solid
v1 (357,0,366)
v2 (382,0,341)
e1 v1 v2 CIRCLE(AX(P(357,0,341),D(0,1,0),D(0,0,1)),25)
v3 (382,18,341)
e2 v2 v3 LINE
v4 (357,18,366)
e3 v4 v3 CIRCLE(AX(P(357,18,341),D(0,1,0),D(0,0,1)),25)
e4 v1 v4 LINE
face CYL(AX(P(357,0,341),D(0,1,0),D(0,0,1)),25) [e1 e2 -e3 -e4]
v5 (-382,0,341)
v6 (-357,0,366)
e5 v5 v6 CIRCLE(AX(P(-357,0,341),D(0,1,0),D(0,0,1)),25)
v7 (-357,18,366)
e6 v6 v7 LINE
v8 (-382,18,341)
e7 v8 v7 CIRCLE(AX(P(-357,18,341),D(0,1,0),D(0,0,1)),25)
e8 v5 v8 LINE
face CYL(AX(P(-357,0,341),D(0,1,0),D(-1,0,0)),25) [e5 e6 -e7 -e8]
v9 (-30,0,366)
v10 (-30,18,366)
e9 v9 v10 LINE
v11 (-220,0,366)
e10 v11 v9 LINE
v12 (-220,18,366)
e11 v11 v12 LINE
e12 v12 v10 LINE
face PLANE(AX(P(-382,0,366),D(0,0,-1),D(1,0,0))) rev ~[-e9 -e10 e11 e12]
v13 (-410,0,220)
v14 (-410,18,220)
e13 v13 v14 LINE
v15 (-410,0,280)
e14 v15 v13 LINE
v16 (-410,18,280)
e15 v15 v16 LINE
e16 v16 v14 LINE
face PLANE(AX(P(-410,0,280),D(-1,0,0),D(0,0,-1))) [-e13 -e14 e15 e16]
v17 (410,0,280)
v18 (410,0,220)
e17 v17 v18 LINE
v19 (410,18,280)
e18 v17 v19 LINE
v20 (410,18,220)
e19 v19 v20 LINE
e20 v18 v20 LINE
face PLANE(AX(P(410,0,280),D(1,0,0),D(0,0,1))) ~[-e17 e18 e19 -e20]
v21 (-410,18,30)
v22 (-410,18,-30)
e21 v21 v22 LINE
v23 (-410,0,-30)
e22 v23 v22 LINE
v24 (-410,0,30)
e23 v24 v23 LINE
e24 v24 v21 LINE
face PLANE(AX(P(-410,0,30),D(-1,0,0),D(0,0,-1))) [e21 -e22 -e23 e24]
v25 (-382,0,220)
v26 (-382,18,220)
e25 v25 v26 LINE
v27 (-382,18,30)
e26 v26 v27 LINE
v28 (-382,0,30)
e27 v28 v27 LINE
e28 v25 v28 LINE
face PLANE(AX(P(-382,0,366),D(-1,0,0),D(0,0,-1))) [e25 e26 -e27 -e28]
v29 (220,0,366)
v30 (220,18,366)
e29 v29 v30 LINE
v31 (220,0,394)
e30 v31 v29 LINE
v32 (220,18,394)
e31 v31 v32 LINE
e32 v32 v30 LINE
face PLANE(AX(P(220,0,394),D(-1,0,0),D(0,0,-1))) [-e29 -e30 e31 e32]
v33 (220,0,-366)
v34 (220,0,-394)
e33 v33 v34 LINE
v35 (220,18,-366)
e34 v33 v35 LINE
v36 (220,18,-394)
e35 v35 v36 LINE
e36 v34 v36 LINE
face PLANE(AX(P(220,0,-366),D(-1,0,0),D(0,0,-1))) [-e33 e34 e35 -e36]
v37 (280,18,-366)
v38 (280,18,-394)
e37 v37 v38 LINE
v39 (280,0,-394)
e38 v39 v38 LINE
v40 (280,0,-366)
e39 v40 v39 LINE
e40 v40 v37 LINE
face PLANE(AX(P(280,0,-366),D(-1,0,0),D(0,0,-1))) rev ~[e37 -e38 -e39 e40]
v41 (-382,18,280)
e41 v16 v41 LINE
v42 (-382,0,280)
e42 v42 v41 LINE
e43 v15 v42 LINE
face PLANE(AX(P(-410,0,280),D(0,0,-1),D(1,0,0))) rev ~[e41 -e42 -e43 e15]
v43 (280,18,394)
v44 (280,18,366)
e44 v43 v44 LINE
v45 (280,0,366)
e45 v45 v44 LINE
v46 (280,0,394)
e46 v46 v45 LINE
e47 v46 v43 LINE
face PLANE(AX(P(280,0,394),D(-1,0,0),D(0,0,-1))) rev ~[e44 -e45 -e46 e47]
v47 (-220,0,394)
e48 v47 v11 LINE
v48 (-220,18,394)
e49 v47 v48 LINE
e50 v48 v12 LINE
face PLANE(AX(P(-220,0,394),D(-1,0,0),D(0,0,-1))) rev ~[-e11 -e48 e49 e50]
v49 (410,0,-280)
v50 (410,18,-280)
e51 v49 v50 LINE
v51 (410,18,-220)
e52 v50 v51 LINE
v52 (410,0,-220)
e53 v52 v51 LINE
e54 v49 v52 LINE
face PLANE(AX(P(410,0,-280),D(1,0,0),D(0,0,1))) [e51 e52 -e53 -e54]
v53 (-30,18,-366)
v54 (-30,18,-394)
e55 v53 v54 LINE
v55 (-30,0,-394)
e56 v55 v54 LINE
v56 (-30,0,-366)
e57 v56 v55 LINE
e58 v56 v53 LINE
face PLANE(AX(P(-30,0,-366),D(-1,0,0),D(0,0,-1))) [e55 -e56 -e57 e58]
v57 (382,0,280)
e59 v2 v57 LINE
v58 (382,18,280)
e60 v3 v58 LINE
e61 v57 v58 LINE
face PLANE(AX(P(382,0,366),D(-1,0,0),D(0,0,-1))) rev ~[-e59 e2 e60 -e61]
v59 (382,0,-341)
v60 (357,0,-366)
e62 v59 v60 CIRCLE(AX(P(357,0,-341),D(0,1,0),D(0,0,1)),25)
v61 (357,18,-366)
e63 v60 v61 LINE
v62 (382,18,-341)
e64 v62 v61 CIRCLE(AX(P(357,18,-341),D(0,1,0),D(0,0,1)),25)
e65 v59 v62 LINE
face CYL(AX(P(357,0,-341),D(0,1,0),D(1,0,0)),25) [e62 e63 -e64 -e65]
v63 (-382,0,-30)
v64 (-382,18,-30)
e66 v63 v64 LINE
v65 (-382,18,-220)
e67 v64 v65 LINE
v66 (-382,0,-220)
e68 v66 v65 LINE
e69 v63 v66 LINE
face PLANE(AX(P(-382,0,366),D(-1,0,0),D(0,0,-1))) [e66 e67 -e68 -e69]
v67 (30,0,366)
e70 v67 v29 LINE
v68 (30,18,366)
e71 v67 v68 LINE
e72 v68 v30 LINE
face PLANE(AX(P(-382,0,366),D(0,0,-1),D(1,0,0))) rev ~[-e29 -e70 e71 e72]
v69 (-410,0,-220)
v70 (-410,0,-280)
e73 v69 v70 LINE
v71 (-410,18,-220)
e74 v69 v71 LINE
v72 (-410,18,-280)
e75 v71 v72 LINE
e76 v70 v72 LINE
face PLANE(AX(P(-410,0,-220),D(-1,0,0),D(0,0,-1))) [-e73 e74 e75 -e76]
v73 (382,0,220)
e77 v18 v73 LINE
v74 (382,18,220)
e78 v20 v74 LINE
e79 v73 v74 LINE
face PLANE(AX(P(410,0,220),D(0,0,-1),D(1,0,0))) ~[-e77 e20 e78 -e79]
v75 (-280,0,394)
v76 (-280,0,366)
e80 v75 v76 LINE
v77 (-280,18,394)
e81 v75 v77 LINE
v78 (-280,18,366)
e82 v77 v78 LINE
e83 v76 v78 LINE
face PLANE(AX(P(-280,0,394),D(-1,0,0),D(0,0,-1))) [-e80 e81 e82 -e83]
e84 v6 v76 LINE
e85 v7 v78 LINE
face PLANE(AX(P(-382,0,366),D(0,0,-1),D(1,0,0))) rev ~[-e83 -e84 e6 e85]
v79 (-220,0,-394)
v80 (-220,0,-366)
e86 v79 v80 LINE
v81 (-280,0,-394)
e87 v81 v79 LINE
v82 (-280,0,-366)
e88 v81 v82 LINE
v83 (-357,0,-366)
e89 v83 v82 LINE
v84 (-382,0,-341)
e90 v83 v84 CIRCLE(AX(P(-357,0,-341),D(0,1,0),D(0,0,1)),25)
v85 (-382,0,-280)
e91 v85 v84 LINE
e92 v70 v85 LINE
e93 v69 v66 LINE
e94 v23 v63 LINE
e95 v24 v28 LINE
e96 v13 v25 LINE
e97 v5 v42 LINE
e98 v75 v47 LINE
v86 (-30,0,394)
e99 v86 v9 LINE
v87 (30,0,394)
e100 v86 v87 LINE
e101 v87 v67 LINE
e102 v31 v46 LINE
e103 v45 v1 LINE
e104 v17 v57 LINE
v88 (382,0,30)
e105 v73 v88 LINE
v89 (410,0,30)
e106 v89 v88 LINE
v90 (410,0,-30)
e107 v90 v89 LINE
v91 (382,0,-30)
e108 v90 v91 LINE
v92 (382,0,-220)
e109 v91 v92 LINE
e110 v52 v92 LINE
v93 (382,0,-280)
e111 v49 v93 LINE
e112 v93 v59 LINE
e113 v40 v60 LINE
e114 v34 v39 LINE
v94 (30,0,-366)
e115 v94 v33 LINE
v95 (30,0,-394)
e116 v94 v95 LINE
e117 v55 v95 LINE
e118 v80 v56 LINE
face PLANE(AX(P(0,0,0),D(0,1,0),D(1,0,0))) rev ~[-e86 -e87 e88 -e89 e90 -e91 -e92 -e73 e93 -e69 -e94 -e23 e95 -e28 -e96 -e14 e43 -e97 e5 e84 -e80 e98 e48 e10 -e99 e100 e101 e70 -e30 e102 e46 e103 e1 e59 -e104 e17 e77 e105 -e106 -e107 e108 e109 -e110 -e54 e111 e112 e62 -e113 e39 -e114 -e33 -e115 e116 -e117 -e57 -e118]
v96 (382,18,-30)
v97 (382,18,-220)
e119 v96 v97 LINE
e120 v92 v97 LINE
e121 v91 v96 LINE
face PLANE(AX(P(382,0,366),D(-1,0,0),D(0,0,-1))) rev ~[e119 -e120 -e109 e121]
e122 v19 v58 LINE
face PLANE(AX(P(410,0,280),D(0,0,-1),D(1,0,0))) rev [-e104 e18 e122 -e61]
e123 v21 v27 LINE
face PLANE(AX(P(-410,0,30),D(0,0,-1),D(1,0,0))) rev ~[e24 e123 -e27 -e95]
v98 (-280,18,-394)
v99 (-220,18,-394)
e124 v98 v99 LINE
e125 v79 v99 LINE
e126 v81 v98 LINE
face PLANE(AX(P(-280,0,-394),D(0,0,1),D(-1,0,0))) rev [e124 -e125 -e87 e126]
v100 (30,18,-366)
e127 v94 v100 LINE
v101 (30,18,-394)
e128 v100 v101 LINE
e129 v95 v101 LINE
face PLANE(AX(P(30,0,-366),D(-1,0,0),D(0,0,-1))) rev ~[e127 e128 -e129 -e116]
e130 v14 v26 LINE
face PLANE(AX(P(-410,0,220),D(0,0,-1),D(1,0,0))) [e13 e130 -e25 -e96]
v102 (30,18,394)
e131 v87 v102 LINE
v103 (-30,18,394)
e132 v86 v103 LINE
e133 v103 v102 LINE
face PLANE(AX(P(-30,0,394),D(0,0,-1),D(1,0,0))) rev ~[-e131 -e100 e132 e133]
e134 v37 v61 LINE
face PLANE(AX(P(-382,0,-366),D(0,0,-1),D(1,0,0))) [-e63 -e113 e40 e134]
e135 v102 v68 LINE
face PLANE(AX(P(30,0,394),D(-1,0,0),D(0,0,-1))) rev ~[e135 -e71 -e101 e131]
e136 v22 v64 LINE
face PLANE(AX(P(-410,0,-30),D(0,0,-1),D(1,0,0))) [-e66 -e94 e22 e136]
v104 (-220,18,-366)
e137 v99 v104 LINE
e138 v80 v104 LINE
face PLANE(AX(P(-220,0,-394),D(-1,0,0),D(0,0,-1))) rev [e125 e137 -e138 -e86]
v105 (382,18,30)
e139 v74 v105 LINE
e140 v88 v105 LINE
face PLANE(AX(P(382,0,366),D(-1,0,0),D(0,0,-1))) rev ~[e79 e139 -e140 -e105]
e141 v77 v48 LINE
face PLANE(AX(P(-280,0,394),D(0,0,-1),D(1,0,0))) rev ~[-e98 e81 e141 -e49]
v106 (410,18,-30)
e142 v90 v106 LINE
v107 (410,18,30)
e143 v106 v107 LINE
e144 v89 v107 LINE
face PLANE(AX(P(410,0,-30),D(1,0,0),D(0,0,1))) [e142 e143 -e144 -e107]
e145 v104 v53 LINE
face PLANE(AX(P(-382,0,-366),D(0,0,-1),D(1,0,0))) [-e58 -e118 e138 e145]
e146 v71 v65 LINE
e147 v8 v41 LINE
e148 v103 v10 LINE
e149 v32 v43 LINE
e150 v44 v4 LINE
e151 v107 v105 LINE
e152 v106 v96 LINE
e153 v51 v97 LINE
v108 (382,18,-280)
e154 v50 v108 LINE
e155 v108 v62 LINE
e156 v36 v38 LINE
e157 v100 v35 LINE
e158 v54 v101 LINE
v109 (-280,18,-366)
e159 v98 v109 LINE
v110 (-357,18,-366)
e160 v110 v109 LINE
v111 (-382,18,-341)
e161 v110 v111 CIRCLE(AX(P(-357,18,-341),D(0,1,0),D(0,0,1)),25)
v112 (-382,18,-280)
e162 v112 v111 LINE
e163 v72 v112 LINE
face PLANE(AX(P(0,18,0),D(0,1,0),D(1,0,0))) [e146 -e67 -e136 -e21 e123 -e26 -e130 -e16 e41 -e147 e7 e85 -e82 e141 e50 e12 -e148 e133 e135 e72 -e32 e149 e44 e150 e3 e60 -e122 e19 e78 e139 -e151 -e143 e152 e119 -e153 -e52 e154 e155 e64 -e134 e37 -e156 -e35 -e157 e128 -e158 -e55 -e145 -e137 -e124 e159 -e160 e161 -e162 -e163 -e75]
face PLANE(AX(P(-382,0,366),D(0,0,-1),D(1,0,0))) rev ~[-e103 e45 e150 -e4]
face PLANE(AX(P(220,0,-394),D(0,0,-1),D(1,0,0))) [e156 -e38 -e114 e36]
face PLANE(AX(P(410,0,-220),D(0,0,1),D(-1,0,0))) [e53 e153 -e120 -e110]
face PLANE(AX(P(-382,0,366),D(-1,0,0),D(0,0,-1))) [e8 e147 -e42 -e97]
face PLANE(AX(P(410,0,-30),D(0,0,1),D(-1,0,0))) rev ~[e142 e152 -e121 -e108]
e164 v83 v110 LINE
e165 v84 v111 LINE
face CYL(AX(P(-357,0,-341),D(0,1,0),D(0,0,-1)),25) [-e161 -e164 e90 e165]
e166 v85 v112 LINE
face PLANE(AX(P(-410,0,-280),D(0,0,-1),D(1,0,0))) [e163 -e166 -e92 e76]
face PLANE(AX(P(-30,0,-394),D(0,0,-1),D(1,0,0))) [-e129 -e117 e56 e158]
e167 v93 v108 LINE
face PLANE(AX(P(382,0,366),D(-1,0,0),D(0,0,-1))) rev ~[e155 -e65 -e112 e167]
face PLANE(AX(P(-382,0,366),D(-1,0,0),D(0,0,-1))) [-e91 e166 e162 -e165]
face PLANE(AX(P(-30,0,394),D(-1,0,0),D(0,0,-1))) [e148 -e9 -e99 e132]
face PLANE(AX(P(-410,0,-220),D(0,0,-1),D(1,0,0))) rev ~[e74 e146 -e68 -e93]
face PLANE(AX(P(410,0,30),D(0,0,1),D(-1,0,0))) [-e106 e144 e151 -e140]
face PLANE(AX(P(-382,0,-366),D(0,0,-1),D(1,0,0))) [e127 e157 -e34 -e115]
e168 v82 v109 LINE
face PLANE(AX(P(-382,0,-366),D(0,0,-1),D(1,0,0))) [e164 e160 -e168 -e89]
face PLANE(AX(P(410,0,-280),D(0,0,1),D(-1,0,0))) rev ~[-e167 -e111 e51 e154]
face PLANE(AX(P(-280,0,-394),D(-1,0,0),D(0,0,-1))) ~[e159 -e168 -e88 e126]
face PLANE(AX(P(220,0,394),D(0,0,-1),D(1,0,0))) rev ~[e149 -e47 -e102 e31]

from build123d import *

# Parameters (mm, degrees)
SKETCH_1_W               = 764
SKETCH_1_H               = 732
EXTRUDE_1_DEPTH          = 18
SKETCH_1_3_W             = 28
SKETCH_1_3_H             = 60
EXTRUDE_2_DEPTH          = 18
PATTERN_LINEAR_1_COUNT   = 3
PATTERN_LINEAR_1_PITCH   = 250
MIRROR_1_COPY_1_SKETCH_W = 28
MIRROR_1_COPY_1_SKETCH_H = 60
MIRROR_1_COPY_1_DEPTH    = 18
MIRROR_1_COPY_2_SKETCH_W = 28
MIRROR_1_COPY_2_SKETCH_H = 60
MIRROR_1_COPY_2_DEPTH    = 18
SKETCH_1_5_W             = 60
SKETCH_1_5_H             = 28
EXTRUDE_3_DEPTH          = 18
PATTERN_LINEAR_2_COUNT   = 3
PATTERN_LINEAR_2_PITCH   = 250
MIRROR_2_COPY_1_SKETCH_W = 60
MIRROR_2_COPY_1_SKETCH_H = 28
MIRROR_2_COPY_1_DEPTH    = 18
MIRROR_2_COPY_2_SKETCH_W = 60
MIRROR_2_COPY_2_SKETCH_H = 28
MIRROR_2_COPY_2_DEPTH    = 18
FILLET_1_R               = 25


with BuildPart() as part:
    # 草图1 → 凸台-拉伸1 (new body)
    with BuildSketch(Plane(origin=(0, 0, 0), x_dir=(1, 0, 0), z_dir=(0, 1, 0))):
        Rectangle(SKETCH_1_W, SKETCH_1_H)
    extrude(amount=EXTRUDE_1_DEPTH)

    # 草图1<3> → 凸台-拉伸2 (add)
    with BuildSketch(Plane(origin=(0, 0, 0), x_dir=(1, 0, 0), z_dir=(0, 1, 0))):
        with Locations((-396, -250)):
            Rectangle(SKETCH_1_3_W, SKETCH_1_3_H)
    extrude_2 = extrude(amount=EXTRUDE_2_DEPTH)

    # 阵列(线性)1: 凸台-拉伸2 ×3
    with Locations(*[(0, 0, -i * PATTERN_LINEAR_1_PITCH) for i in range(1, PATTERN_LINEAR_1_COUNT)]):
        add(extrude_2)

    # 镜向1: 凸台-拉伸2 across plane
    add(extrude_2.mirror(Plane(origin=(0, 0, 0), x_dir=(0, 0, 1), z_dir=(1, 0, 0))))

    # 镜向1 copy 1 sketch → 镜向1 copy 1 (add)
    with BuildSketch(Plane(origin=(0, 0, -250), x_dir=(-1, 0, 0), z_dir=(0, 1, 0))):
        with Locations((-396, 250)):
            Rectangle(MIRROR_1_COPY_1_SKETCH_W, MIRROR_1_COPY_1_SKETCH_H)
    extrude(amount=MIRROR_1_COPY_1_DEPTH)

    # 镜向1 copy 2 sketch → 镜向1 copy 2 (add)
    with BuildSketch(Plane(origin=(0, 0, -500), x_dir=(-1, 0, 0), z_dir=(0, 1, 0))):
        with Locations((-396, 250)):
            Rectangle(MIRROR_1_COPY_2_SKETCH_W, MIRROR_1_COPY_2_SKETCH_H)
    extrude(amount=MIRROR_1_COPY_2_DEPTH)

    # 草图1<5> → 凸台-拉伸3 (add)
    with BuildSketch(Plane(origin=(0, 0, 0), x_dir=(1, 0, 0), z_dir=(0, 1, 0))):
        with Locations((-250, -380)):
            Rectangle(SKETCH_1_5_W, SKETCH_1_5_H)
    extrude_3 = extrude(amount=EXTRUDE_3_DEPTH)

    # 阵列(线性)2: 凸台-拉伸3 ×3
    with Locations(*[(i * PATTERN_LINEAR_2_PITCH, 0, 0) for i in range(1, PATTERN_LINEAR_2_COUNT)]):
        add(extrude_3)

    # 镜向2: 凸台-拉伸3 across plane
    add(extrude_3.mirror(Plane.XY))

    # 镜向2 copy 1 sketch → 镜向2 copy 1 (add)
    with BuildSketch(Plane(origin=(250, 0, 0), x_dir=(1, 0, 0), z_dir=(0, 1, 0))):
        with Locations((-250, 380)):
            Rectangle(MIRROR_2_COPY_1_SKETCH_W, MIRROR_2_COPY_1_SKETCH_H)
    extrude(amount=MIRROR_2_COPY_1_DEPTH)

    # 镜向2 copy 2 sketch → 镜向2 copy 2 (add)
    with BuildSketch(Plane(origin=(500, 0, 0), x_dir=(1, 0, 0), z_dir=(0, 1, 0))):
        with Locations((-250, 380)):
            Rectangle(MIRROR_2_COPY_2_SKETCH_W, MIRROR_2_COPY_2_SKETCH_H)
    extrude(amount=MIRROR_2_COPY_2_DEPTH)

    # 圆角1
    fillet_1_edges = [part.edges().sort_by_distance(p)[0] for p in [
        (-382, 9, -366),
        (-382, 9, 366),
        (382, 9, 366),
        (382, 9, -366),
    ]]
    fillet(fillet_1_edges, radius=FILLET_1_R)


solid = part.part
